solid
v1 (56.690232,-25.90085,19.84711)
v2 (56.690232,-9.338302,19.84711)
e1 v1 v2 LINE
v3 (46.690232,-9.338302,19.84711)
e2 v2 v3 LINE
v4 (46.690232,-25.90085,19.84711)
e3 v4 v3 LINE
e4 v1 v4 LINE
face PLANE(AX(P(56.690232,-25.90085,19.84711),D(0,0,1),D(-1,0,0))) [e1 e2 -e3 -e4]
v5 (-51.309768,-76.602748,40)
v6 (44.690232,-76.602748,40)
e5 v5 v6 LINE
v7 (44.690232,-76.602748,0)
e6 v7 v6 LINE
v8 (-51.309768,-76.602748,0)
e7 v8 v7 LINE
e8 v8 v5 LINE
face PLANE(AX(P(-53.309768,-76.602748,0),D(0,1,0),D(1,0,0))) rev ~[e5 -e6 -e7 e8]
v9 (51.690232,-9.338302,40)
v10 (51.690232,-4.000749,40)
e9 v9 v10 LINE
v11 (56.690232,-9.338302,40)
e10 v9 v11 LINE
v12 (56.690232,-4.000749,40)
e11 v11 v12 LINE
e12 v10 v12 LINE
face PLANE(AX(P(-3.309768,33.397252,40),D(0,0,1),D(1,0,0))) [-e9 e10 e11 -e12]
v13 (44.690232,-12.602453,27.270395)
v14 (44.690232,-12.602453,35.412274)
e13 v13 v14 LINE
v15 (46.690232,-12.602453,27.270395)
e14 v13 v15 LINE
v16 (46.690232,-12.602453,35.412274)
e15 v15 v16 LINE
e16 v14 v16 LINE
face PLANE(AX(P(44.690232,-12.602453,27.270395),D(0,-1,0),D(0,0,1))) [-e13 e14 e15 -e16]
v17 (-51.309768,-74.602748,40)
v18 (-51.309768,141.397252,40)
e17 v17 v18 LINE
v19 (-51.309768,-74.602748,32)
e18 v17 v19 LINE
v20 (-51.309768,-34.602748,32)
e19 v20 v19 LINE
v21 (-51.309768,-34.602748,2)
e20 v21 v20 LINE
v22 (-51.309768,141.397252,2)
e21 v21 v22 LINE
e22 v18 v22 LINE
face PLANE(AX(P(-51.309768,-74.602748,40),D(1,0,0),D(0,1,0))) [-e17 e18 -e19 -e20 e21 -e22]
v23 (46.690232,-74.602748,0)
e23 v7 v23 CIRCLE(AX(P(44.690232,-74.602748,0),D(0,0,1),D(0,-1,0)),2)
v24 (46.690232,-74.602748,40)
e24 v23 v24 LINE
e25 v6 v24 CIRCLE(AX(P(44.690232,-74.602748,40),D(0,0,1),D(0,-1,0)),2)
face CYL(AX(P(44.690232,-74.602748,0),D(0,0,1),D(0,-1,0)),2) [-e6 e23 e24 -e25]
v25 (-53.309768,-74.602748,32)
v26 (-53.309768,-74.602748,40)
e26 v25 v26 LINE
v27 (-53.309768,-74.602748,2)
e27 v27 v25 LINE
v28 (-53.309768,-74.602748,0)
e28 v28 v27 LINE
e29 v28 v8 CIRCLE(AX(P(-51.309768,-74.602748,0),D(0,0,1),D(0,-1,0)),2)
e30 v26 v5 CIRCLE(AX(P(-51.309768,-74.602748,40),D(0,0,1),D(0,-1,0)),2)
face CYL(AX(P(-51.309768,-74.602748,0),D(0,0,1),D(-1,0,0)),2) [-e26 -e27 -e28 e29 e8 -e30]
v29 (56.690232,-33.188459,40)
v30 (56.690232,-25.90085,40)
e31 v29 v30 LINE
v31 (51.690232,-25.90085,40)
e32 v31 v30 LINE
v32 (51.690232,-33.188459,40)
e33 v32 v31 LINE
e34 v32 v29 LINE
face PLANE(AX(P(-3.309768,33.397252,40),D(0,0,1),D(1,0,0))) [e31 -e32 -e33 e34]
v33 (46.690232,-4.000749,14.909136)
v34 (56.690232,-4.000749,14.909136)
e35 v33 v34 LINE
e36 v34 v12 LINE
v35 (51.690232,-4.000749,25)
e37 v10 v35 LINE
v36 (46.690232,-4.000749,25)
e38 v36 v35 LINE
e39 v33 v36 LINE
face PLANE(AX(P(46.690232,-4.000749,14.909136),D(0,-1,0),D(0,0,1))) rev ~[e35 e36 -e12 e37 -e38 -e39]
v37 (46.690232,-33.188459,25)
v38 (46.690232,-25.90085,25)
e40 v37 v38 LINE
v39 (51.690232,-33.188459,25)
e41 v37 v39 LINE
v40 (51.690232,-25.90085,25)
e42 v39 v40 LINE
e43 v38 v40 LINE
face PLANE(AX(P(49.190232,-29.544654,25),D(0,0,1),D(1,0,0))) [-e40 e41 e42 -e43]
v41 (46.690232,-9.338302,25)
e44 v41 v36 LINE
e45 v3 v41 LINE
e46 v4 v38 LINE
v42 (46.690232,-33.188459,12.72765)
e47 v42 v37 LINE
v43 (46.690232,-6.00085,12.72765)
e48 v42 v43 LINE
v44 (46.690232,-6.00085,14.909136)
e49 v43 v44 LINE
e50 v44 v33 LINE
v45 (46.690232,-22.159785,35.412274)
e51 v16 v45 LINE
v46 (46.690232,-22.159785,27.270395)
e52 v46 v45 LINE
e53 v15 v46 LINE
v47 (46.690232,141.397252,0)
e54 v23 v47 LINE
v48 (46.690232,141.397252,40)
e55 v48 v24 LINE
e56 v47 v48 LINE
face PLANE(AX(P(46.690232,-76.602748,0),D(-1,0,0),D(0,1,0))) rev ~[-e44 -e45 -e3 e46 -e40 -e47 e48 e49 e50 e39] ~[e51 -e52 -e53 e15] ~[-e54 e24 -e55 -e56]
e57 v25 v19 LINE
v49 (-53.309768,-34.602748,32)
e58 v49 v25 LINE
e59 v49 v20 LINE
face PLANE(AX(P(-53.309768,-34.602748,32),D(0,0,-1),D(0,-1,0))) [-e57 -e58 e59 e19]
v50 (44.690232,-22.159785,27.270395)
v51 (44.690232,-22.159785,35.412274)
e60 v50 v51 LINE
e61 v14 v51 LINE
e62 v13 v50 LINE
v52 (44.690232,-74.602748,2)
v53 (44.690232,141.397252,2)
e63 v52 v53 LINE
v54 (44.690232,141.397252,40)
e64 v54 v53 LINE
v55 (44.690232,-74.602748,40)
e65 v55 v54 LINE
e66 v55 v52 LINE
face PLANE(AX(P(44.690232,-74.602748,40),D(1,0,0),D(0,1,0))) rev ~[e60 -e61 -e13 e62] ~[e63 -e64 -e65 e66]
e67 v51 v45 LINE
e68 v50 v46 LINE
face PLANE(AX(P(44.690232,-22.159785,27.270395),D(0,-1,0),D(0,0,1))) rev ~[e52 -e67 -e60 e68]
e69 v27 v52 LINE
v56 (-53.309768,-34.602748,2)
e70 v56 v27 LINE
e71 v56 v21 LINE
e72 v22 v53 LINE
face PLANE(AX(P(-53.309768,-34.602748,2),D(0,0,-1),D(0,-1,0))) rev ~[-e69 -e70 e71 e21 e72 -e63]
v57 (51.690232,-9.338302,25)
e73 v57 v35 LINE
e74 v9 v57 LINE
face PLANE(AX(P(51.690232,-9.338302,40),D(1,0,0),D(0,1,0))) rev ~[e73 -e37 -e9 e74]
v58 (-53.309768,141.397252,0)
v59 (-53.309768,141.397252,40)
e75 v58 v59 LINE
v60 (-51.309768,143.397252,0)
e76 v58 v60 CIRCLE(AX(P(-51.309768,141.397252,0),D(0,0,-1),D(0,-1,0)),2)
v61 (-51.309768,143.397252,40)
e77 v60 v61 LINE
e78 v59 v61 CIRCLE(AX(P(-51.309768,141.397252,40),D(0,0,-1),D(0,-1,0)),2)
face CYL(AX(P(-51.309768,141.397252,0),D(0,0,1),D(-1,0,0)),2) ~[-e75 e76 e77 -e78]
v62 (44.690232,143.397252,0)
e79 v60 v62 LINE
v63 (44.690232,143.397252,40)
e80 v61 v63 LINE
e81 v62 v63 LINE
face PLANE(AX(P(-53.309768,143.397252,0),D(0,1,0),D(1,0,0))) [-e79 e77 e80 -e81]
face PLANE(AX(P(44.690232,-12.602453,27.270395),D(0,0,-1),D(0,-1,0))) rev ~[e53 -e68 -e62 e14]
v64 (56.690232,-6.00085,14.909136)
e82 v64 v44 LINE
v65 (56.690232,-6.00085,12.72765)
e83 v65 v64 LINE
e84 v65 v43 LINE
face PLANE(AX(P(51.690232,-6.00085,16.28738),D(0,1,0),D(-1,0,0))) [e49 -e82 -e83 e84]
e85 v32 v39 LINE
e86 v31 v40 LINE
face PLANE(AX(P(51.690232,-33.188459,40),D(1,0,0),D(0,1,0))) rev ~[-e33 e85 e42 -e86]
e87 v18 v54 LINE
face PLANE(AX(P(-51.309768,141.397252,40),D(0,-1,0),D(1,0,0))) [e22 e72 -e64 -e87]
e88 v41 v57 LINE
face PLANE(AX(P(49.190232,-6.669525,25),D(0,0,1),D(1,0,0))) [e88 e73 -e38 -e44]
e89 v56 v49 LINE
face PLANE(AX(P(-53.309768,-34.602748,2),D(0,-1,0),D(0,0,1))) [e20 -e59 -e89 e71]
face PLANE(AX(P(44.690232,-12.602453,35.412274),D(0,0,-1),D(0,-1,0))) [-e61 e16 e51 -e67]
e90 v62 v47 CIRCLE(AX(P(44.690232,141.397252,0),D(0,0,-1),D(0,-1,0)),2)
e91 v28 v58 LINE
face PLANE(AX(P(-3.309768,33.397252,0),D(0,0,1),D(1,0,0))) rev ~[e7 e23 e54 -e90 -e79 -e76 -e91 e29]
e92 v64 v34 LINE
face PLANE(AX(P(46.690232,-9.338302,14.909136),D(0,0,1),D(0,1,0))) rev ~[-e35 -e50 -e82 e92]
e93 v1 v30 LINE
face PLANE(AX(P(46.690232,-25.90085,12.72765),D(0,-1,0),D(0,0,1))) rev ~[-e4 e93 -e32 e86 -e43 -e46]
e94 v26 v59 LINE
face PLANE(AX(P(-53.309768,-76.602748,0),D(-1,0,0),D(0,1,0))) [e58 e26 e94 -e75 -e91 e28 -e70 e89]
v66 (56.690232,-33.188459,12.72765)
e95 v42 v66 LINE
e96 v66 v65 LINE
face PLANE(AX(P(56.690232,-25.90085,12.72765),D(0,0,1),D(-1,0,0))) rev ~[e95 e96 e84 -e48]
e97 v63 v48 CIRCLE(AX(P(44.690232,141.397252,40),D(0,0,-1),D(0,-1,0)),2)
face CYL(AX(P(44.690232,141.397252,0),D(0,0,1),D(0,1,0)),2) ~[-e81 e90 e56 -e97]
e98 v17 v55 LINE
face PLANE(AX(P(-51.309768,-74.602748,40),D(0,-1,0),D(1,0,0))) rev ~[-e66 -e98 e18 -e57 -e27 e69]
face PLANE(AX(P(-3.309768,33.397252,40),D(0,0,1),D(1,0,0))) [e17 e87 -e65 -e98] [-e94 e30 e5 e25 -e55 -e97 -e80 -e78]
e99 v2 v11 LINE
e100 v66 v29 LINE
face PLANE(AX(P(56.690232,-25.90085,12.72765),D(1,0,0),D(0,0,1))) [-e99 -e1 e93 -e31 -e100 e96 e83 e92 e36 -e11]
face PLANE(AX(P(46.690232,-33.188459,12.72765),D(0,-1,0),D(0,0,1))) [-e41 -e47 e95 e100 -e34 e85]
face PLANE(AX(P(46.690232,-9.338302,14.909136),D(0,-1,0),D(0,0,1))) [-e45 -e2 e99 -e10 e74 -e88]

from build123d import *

# Parameters (mm, degrees)
F0_W      = 100
F0_H      = 220
F1_DEPTH  = 40
F2_W      = 96
F2_H      = 216
F3_DEPTH  = 38
F5_R      = 2
F4_W      = 40
F4_H      = 30
F6_DEPTH  = 2
F8_W      = 5.3375530988
F8_H      = 25.0908638909
F9_DEPTH  = 10
F10_W     = 7.2876084596
F10_H     = 27.2723501176
F11_DEPTH = 10
F12_W     = 10
F12_H     = 7.1194600314
F13_DEPTH = 19.9
F14_W     = 9.5573319122
F14_H     = 8.1418789923
F15_DEPTH = 25
F16_W     = 5
F16_H     = 7.2876084596
F16_H_2   = 5.3375530988
F17_DEPTH = 15


with BuildPart() as f1:
    # F0 (on Top) → F1 (new body)
    with BuildSketch(Plane.XY):
        with Locations((-3.3097676933, 33.3972522417)):
            Rectangle(F0_W, F0_H)
    extrude(amount=F1_DEPTH)

    # F2 (on face) → F3 (cut)
    with BuildSketch(Plane.XY.offset(40)):
        with Locations((-3.3097676933, 33.3972522417)):
            Rectangle(F2_W, F2_H)
    extrude(amount=-F3_DEPTH, mode=Mode.SUBTRACT)

    # F5
    f5_edges = [f1.edges().sort_by_distance(p)[0] for p in [
        (-53.309768, -76.602748, 20),
        (46.690232, -76.602748, 20),
        (-53.309768, 143.397252, 20),
        (46.690232, 143.397252, 20),
    ]]
    fillet(f5_edges, radius=F5_R)

    # F4 (on face) → F6 (cut)
    with BuildSketch(Plane(origin=(-53.3097676933, 0, 0), x_dir=(0, -1, 0), z_dir=(-1, 0, 0))):
        with Locations((54.6027477583, 17)):
            Rectangle(F4_W, F4_H)
    extrude(amount=-F6_DEPTH, mode=Mode.SUBTRACT)

    # F8 (on face) → F9 (join)
    with BuildSketch(Plane.YZ.offset(46.6902323067)):
        with Locations((-6.6695250571, 27.4545680545)):
            Rectangle(F8_W, F8_H)
    extrude(amount=F9_DEPTH)

    # F10 (on face) → F11 (join)
    with BuildSketch(Plane.YZ.offset(46.6902323067)):
        with Locations((-29.5446543023, 26.3638249412)):
            Rectangle(F10_W, F10_H)
    extrude(amount=F11_DEPTH)

    # F12 (on face) → F13 (join)
    with BuildSketch(Plane(origin=(0, -25.9008500725, 0), x_dir=(-1, 0, 0), z_dir=(0, 1, 0))):
        with Locations((-51.6902323067, 16.2873798981)):
            Rectangle(F12_W, F12_H)
    extrude(amount=F13_DEPTH)

    # F14 (on face) → F15 (cut)
    with BuildSketch(Plane(origin=(44.6902323067, 0, 0), x_dir=(0, -1, 0), z_dir=(-1, 0, 0))):
        with Locations((17.3811190762, 31.3413348049)):
            Rectangle(F14_W, F14_H)
    extrude(amount=-F15_DEPTH, mode=Mode.SUBTRACT)

    # F16 (on face) → F17 (cut)
    with BuildSketch(Plane.XY.offset(40)):
        with Locations((49.1902323067, -29.5446543023)):
            Rectangle(F16_W, F16_H)
        with Locations((49.1902323067, -6.6695250571)):
            Rectangle(F16_W, F16_H_2)
    extrude(amount=-F17_DEPTH, mode=Mode.SUBTRACT)


solid = f1.part
